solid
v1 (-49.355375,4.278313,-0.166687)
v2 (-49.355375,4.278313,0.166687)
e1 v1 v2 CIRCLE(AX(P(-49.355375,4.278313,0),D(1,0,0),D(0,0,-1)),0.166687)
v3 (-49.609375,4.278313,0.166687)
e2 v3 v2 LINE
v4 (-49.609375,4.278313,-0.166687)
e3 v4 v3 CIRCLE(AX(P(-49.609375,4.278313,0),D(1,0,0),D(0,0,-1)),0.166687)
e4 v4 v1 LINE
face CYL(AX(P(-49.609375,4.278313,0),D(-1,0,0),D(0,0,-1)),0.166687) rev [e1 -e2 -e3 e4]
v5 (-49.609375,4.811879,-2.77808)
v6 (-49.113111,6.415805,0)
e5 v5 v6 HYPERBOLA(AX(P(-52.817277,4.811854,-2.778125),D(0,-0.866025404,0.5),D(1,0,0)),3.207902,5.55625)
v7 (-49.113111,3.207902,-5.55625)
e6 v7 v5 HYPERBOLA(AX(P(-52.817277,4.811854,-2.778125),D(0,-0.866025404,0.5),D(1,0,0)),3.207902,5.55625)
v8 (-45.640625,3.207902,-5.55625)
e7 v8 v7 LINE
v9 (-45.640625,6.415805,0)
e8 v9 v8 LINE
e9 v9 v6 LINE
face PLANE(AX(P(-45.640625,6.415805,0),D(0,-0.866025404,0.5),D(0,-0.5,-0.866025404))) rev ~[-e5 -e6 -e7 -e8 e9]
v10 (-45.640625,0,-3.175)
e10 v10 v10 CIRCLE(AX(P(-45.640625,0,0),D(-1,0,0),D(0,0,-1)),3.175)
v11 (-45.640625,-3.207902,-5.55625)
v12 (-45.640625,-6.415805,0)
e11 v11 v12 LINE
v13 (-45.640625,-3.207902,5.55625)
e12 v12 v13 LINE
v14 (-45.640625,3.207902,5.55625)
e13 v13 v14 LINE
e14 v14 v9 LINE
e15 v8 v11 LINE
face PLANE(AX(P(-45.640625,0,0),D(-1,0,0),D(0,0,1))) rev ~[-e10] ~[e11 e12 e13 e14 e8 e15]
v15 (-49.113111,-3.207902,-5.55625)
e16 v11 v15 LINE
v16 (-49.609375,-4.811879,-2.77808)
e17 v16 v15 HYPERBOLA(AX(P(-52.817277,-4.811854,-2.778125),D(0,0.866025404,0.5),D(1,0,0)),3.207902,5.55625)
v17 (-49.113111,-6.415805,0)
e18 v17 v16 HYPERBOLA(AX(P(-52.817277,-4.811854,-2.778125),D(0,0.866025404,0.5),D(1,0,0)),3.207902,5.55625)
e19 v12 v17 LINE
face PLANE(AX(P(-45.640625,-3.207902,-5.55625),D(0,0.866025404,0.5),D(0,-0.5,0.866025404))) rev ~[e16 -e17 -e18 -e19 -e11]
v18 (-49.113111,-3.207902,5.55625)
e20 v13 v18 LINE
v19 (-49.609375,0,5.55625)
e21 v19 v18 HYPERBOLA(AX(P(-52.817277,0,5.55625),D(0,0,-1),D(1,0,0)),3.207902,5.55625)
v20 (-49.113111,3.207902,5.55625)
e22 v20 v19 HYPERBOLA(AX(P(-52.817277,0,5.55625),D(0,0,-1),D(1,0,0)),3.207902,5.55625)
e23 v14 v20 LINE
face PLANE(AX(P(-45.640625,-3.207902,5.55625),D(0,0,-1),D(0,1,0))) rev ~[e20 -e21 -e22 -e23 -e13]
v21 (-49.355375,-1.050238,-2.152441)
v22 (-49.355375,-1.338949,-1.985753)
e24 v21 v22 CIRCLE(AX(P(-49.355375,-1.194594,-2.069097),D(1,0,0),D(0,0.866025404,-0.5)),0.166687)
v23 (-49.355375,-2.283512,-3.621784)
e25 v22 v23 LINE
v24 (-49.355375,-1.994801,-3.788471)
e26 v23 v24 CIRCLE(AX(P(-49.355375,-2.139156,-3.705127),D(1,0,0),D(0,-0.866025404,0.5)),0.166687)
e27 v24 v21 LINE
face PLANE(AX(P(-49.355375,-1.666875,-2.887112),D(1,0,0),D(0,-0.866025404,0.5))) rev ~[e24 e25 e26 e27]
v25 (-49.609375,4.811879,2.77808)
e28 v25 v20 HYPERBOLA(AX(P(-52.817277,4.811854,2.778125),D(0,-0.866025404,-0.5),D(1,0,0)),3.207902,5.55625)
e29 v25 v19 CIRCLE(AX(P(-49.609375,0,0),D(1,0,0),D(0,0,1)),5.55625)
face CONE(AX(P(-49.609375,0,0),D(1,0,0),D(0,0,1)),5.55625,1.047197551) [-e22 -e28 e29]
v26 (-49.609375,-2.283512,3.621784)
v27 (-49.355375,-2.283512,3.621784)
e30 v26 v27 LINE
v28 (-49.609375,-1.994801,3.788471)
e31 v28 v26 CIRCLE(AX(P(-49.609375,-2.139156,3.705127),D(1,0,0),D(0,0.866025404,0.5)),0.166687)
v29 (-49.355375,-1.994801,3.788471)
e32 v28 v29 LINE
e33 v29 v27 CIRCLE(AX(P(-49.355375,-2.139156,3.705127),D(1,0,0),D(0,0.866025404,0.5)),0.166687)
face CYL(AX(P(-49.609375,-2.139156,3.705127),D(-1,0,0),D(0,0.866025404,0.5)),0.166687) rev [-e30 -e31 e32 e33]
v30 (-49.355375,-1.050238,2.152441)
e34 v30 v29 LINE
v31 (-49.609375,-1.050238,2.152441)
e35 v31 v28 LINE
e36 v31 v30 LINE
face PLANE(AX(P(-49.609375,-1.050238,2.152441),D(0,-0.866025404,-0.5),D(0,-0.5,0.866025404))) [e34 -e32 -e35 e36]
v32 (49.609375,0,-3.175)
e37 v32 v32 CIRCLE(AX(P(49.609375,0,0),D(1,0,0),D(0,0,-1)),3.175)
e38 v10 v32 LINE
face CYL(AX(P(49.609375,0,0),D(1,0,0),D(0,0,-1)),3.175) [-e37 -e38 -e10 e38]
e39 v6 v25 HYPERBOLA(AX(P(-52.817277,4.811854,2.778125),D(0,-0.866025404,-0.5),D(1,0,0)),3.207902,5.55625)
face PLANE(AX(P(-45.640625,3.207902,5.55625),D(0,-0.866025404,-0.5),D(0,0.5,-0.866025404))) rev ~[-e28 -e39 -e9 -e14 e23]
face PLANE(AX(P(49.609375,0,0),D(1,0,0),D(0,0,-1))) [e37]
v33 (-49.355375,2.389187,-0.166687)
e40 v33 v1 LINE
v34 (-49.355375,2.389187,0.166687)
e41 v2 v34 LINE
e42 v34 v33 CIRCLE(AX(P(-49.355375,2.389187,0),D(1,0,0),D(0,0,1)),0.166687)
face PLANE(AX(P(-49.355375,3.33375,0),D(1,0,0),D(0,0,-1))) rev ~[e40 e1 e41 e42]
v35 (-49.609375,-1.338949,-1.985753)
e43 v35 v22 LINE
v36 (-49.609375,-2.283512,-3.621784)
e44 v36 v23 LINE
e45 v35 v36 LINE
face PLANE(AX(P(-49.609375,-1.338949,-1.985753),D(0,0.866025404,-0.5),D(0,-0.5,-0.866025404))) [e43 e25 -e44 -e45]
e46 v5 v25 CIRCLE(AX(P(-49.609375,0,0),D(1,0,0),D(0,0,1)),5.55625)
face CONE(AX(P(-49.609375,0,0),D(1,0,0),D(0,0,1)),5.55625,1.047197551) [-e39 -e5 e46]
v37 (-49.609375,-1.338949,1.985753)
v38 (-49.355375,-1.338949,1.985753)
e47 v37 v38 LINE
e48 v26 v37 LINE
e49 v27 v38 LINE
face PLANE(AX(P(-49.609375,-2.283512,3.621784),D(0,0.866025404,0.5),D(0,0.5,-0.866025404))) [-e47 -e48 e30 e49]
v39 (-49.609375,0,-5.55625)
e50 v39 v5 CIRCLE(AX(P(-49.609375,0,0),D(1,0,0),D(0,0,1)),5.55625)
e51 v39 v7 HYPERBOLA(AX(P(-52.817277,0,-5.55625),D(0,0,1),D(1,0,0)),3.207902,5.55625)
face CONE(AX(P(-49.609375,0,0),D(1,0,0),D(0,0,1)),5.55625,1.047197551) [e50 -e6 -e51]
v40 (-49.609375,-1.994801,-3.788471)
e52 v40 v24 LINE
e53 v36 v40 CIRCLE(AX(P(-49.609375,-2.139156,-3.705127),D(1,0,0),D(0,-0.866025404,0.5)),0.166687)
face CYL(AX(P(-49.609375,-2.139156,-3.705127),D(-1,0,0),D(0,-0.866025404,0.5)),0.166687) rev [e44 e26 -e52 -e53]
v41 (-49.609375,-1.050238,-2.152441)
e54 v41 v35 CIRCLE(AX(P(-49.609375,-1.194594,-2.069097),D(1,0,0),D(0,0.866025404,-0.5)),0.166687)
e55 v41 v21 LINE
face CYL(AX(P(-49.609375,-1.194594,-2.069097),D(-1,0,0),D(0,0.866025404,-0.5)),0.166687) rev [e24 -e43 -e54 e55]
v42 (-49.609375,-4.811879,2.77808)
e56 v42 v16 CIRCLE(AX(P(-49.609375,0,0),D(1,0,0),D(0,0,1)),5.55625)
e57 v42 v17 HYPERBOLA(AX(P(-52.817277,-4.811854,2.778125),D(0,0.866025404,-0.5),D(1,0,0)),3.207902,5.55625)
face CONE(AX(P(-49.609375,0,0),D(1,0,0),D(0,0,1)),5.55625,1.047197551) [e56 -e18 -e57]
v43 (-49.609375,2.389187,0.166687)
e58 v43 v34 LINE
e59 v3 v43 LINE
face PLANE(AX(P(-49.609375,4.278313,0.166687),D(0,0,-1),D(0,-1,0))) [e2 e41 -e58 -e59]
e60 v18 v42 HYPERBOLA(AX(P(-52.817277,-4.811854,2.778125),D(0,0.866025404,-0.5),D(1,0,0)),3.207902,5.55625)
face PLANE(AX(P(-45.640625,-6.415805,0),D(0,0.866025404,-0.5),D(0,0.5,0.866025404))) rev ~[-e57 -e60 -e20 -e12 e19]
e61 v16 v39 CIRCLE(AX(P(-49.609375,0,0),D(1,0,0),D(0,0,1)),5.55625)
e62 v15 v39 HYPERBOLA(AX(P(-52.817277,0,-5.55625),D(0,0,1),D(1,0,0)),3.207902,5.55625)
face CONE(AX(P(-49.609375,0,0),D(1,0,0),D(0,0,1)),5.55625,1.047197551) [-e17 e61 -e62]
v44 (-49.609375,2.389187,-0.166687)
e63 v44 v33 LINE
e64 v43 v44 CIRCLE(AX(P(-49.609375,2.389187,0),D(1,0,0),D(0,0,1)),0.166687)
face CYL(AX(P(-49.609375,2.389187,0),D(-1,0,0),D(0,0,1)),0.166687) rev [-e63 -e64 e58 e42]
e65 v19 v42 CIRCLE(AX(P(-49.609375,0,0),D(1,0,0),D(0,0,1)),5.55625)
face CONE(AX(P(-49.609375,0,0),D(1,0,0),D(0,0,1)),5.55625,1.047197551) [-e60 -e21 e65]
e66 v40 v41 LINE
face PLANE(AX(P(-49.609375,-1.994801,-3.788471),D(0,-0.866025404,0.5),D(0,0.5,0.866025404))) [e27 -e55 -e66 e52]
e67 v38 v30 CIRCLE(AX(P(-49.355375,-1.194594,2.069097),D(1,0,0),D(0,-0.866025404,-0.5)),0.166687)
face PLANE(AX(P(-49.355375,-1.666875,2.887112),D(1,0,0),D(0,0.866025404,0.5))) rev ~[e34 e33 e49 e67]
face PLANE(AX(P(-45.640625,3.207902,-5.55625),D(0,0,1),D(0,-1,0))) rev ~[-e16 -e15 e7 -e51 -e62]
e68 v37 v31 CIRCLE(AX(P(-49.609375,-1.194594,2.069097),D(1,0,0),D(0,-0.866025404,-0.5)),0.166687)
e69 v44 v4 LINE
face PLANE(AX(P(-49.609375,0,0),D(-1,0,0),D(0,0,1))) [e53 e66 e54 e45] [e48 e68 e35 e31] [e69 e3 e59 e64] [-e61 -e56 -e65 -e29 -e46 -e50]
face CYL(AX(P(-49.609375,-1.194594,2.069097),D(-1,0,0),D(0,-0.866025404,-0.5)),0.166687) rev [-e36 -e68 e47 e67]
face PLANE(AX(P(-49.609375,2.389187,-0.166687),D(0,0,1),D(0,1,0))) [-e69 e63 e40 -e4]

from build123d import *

# Parameters (mm, degrees)
SKETCH5_R           = 3.175
BOSS_EXTRUDE3_DEPTH = 95.25
BOSS_EXTRUDE4_DEPTH = 3.96875
SKETCH8_OUTSIDE_W   = 380.412
SKETCH8_OUTSIDE_H   = 382.132
SKETCH8_OUTSIDE_R   = 5.55625
CUT_EXTRUDE3_DEPTH  = 100.21875
CUT_EXTRUDE3_TAPER  = 60
CUT_EXTRUDE4_DEPTH  = 0.254
CIRPATTERN1_COUNT   = 3


with BuildPart() as part:
    # Sketch5 → Boss-Extrude3 (new body)
    with BuildSketch(Plane(origin=(49.609375, 0, 0), x_dir=(0, 0, -1), z_dir=(1, 0, 0))):
        Circle(SKETCH5_R)
    extrude(amount=-BOSS_EXTRUDE3_DEPTH)

    # Sketch11 → Revolve1 (revolve)
    with BuildSketch(Plane.XY):
        Polygon((-45.640625, 3.175), (-45.640625, 0), (33.734375, 0), (30.559375, 3.175), align=None)
    revolve(axis=Axis((-45.640625, 0, 0), (1, 0, 0)))

    # Sketch6 → Boss-Extrude4 (add)
    with BuildSketch(Plane.ZY.offset(45.640625)):
        Polygon((5.55625, 3.207902433), (0, 6.415804866), (-5.55625, 3.207902433), (-5.55625, -3.207902433), (0, -6.415804866), (5.55625, -3.207902433), align=None)
    extrude(amount=BOSS_EXTRUDE4_DEPTH)

    # Sketch8 outside → Cut-Extrude3 (cut, through all)
    with BuildSketch(Plane.ZY.offset(49.609375)):
        Rectangle(SKETCH8_OUTSIDE_W, SKETCH8_OUTSIDE_H)
        Circle(SKETCH8_OUTSIDE_R, mode=Mode.SUBTRACT)
    extrude(amount=-CUT_EXTRUDE3_DEPTH, taper=CUT_EXTRUDE3_TAPER, mode=Mode.SUBTRACT)

    # Sketch12 → Cut-Extrude4 (cut)
    with BuildSketch(Plane.ZY.offset(49.609375)):
        with BuildLine():
            Line((0.1666875, 4.2783125), (0.1666875, 2.3891875))
            ThreePointArc((0.1666875, 2.3891875), (0, 2.2225), (-0.1666875, 2.3891875))
            Line((-0.1666875, 2.3891875), (-0.1666875, 4.2783125))
            ThreePointArc((-0.1666875, 4.2783125), (0, 4.445), (0.1666875, 4.2783125))
        make_face()
    cut_extrude4 = extrude(amount=-CUT_EXTRUDE4_DEPTH, mode=Mode.SUBTRACT)

    # CirPattern1: Cut-Extrude4 ×3 about axis
    cirpattern1_axis = Axis((0, 0, 0), (1, 0, 0))
    for i in range(1, CIRPATTERN1_COUNT):
        add(cut_extrude4.rotate(cirpattern1_axis, i * 360 / CIRPATTERN1_COUNT), mode=Mode.SUBTRACT)


solid = part.part
